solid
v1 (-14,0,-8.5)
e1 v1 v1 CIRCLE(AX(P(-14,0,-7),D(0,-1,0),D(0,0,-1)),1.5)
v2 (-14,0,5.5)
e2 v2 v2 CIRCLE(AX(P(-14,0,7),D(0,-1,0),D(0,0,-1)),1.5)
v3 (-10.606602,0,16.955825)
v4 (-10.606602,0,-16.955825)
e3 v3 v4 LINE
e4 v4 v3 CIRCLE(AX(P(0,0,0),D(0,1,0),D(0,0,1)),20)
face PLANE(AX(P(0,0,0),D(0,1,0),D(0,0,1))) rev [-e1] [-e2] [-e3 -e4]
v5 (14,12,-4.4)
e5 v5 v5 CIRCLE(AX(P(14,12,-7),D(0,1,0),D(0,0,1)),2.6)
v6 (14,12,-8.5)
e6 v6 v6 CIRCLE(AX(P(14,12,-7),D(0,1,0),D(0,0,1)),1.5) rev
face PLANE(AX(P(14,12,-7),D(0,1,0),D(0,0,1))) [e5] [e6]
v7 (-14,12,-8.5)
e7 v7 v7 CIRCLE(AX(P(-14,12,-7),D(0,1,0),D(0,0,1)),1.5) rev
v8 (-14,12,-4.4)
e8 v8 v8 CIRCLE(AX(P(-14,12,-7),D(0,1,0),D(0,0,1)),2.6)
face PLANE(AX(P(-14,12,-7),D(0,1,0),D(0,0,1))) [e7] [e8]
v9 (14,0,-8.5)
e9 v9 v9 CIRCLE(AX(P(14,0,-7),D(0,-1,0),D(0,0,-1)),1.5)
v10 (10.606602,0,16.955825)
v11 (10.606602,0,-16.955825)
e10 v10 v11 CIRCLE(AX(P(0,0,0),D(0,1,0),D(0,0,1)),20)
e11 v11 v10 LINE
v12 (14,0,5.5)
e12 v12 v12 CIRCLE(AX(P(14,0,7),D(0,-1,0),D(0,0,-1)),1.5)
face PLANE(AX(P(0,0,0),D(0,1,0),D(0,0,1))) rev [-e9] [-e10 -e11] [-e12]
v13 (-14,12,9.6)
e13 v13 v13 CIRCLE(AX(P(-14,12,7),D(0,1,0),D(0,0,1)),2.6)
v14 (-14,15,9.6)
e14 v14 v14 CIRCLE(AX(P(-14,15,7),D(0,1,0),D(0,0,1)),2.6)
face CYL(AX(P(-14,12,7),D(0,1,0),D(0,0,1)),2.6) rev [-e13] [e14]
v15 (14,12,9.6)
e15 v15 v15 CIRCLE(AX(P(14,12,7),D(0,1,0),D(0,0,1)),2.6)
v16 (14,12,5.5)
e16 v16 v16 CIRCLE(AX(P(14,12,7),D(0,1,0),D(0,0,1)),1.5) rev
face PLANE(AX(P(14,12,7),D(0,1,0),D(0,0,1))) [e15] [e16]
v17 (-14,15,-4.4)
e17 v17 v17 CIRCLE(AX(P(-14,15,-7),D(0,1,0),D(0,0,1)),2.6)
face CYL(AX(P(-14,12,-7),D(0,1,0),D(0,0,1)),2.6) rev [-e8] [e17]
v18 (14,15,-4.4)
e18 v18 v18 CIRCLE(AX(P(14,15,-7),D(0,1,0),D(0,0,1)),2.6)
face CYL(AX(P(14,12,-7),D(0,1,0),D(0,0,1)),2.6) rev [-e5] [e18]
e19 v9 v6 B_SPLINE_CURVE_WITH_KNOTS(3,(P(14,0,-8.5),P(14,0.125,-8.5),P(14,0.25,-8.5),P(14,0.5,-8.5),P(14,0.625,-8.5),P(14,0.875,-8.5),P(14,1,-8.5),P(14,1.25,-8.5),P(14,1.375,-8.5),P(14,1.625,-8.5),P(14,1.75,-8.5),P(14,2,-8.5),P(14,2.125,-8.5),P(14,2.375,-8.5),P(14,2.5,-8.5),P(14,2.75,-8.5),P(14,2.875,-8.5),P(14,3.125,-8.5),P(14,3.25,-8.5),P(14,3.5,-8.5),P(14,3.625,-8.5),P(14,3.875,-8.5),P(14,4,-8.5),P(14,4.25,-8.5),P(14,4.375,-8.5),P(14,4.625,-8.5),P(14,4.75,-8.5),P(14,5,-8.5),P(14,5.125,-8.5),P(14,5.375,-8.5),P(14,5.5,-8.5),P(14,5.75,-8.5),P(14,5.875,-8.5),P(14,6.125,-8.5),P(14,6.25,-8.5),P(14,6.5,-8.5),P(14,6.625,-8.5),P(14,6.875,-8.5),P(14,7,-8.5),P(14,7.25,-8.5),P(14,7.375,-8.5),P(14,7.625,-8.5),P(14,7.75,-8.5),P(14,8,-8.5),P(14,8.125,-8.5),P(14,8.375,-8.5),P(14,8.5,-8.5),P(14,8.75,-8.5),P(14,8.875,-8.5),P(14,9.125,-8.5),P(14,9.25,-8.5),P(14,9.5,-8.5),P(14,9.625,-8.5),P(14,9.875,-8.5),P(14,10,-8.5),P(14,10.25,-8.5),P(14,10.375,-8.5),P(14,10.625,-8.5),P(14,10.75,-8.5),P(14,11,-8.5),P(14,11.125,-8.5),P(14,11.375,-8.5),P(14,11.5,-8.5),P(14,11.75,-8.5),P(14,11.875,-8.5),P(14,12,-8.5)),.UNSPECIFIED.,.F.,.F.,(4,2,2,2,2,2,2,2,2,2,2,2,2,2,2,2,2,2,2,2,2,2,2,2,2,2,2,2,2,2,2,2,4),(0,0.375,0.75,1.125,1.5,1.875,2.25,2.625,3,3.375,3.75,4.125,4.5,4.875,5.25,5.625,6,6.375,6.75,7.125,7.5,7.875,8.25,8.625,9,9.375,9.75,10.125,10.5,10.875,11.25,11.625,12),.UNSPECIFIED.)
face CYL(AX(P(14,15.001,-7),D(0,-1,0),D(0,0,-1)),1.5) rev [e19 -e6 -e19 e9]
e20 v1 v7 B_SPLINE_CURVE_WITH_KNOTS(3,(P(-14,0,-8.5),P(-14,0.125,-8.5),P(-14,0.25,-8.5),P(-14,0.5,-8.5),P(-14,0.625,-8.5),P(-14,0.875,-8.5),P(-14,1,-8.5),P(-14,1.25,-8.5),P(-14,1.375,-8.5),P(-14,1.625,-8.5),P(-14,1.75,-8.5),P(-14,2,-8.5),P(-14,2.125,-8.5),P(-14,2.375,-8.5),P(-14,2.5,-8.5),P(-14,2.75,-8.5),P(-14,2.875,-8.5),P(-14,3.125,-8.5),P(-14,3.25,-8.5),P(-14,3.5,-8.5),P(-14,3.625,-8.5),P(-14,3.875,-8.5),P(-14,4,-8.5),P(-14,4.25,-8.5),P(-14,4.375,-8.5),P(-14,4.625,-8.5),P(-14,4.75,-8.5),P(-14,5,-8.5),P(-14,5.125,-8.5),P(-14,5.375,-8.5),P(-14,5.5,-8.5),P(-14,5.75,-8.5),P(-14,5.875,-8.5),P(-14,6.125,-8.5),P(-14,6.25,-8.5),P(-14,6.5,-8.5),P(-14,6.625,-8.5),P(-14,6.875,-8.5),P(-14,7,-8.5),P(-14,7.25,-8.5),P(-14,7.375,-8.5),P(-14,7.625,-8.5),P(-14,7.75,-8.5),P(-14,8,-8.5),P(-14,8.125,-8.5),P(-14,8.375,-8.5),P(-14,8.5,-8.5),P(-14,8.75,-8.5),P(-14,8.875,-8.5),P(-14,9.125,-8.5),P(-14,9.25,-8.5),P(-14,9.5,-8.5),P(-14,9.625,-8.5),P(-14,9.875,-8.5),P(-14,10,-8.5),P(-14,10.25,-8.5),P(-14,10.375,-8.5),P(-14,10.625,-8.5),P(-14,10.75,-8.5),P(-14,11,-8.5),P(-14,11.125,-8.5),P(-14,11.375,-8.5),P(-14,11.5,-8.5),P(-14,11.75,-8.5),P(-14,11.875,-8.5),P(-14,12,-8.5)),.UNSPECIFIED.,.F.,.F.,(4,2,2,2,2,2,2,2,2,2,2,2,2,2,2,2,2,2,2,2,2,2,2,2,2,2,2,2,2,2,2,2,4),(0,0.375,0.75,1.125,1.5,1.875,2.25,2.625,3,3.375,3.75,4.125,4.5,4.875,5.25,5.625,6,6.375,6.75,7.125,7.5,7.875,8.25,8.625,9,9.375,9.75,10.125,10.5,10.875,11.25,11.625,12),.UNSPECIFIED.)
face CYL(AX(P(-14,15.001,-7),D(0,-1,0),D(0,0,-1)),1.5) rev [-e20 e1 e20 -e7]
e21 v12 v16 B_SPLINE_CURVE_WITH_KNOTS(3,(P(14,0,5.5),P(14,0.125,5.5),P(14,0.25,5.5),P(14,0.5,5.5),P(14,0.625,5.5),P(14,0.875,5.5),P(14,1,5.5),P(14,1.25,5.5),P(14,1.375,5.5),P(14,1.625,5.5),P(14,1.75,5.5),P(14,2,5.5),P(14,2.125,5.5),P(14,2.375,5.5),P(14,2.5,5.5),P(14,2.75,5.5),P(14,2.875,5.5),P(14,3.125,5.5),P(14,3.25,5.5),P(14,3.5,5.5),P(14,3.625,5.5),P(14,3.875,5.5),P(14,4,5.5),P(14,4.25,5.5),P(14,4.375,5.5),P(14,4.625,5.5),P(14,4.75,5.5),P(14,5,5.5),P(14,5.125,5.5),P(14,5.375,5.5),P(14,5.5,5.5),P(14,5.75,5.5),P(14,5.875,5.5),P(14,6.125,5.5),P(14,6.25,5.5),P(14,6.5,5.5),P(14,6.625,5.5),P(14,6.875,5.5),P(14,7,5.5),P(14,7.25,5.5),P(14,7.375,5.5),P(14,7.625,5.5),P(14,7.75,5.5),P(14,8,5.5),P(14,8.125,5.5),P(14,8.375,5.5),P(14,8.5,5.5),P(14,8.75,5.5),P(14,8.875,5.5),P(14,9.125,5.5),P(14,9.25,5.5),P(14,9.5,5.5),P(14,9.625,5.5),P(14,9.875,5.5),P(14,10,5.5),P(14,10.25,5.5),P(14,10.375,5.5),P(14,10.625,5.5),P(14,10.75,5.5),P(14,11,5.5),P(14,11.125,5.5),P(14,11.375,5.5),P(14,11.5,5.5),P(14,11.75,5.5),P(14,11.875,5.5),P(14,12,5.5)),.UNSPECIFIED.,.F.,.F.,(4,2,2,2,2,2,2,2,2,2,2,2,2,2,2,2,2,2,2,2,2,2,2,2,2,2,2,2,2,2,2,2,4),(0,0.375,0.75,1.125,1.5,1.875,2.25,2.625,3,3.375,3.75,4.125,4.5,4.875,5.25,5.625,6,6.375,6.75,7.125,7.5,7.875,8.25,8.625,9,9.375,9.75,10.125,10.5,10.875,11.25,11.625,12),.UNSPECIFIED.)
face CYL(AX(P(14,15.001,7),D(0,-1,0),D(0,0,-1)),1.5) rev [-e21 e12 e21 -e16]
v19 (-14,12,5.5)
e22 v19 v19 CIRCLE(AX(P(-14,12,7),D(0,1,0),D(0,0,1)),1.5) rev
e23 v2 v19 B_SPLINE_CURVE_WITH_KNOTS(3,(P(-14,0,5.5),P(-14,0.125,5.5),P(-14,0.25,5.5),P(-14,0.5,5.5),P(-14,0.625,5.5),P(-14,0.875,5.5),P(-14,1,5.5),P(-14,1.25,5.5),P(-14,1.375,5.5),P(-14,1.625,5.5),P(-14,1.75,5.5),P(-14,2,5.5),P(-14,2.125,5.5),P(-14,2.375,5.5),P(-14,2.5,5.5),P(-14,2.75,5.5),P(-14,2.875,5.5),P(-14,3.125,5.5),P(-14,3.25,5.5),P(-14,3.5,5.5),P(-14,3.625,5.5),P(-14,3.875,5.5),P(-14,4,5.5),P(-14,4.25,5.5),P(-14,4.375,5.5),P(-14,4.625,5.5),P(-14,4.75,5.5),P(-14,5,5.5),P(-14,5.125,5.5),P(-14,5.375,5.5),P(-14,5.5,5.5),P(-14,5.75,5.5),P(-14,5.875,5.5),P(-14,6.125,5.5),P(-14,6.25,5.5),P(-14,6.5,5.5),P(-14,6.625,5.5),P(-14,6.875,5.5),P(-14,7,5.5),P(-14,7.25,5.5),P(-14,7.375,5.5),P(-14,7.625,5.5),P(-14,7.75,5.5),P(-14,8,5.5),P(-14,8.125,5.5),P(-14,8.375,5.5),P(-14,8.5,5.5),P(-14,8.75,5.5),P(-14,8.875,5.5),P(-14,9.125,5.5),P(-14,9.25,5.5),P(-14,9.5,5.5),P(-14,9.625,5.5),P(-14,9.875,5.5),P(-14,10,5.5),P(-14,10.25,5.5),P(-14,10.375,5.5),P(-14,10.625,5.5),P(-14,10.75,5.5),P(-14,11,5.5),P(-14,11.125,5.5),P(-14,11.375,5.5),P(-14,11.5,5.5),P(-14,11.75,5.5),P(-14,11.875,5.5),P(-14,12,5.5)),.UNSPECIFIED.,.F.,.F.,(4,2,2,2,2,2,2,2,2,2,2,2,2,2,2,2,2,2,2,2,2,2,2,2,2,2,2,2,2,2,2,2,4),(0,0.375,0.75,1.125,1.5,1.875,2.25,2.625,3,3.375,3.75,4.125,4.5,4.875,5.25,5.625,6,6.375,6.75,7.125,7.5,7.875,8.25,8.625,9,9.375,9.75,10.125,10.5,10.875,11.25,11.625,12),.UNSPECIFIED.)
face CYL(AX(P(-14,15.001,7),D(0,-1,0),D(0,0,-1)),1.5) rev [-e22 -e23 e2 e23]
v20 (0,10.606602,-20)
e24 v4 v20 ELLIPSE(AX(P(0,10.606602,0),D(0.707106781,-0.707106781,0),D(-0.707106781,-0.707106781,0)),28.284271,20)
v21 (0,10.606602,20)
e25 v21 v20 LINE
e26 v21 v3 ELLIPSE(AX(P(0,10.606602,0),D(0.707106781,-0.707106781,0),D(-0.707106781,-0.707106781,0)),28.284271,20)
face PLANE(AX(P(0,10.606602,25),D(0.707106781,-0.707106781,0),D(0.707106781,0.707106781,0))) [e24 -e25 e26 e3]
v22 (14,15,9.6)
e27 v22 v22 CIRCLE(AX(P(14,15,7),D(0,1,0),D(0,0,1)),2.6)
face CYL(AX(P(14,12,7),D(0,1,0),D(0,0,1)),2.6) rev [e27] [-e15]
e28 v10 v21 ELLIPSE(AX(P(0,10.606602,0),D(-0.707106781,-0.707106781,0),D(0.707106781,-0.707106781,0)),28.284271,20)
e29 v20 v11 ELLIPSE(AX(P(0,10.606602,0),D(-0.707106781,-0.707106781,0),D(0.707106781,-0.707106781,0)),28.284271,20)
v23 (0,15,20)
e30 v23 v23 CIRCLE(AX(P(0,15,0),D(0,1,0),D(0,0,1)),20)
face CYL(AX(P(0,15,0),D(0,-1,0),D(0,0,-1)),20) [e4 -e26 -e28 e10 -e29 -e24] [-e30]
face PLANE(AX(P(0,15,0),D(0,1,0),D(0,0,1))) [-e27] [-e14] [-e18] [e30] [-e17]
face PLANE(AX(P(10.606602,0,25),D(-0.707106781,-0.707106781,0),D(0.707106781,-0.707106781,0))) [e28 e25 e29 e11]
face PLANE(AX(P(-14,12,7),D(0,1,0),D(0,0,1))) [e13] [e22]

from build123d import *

# Parameters (mm, degrees)
SKETCH1_R               = 20
BOSS_EXTRUDE1_DEPTH     = 15
CUT_EXTRUDE1_DEPTH      = 25
CUT_EXTRUDE1_DEPTH_BACK = 25
CUT_EXTRUDE2_REACH      = 34.016
SKETCH3_R               = 1.5
SKETCH4_R               = 2.6
CUT_EXTRUDE3_DEPTH      = 3


with BuildPart() as part:
    # Sketch1 → Boss-Extrude1 (new body)
    with BuildSketch(Plane(origin=(0, 0, 0), x_dir=(1, 0, 0), z_dir=(0, 1, 0))):
        Circle(SKETCH1_R)
    extrude(amount=BOSS_EXTRUDE1_DEPTH)

    # Sketch2 → Cut-Extrude1 (cut, two sides: drawn at the far end of the back side and taken through both)
    with BuildSketch(Plane.XY.offset(-CUT_EXTRUDE1_DEPTH_BACK)):
        Polygon((-10.606601718, 0), (10.606601718, 0), (0, 10.606601718), align=None)
    extrude(amount=CUT_EXTRUDE1_DEPTH + CUT_EXTRUDE1_DEPTH_BACK, mode=Mode.SUBTRACT)

    # Sketch3 → Cut-Extrude2 (cut, up to next)
    with BuildSketch(Plane(origin=(0, 0, 0), x_dir=(-1, 0, 0), z_dir=(0, -1, 0)), mode=Mode.PRIVATE) as cut_extrude2_sk1:
        with Locations((14, -7)):
            Circle(SKETCH3_R)
    cut_extrude2_tool1 = extrude(cut_extrude2_sk1.sketch, amount=-CUT_EXTRUDE2_REACH, mode=Mode.PRIVATE) & part.part
    # Sketch3 → Cut-Extrude2 (cut, up to next)
    with BuildSketch(Plane(origin=(0, 0, 0), x_dir=(-1, 0, 0), z_dir=(0, -1, 0)), mode=Mode.PRIVATE) as cut_extrude2_sk2:
        with Locations((14, 7)):
            Circle(SKETCH3_R)
    cut_extrude2_tool2 = extrude(cut_extrude2_sk2.sketch, amount=-CUT_EXTRUDE2_REACH, mode=Mode.PRIVATE) & part.part
    # Sketch3 → Cut-Extrude2 (cut, up to next)
    with BuildSketch(Plane(origin=(0, 0, 0), x_dir=(-1, 0, 0), z_dir=(0, -1, 0)), mode=Mode.PRIVATE) as cut_extrude2_sk3:
        with Locations((-14, -7)):
            Circle(SKETCH3_R)
    cut_extrude2_tool3 = extrude(cut_extrude2_sk3.sketch, amount=-CUT_EXTRUDE2_REACH, mode=Mode.PRIVATE) & part.part
    # Sketch3 → Cut-Extrude2 (cut, up to next)
    with BuildSketch(Plane(origin=(0, 0, 0), x_dir=(-1, 0, 0), z_dir=(0, -1, 0)), mode=Mode.PRIVATE) as cut_extrude2_sk4:
        with Locations((-14, 7)):
            Circle(SKETCH3_R)
    cut_extrude2_tool4 = extrude(cut_extrude2_sk4.sketch, amount=-CUT_EXTRUDE2_REACH, mode=Mode.PRIVATE) & part.part
    add(cut_extrude2_tool1.solids().sort_by_distance((-14, 0, 7))[0], mode=Mode.SUBTRACT)
    add(cut_extrude2_tool2.solids().sort_by_distance((-14, 0, -7))[0], mode=Mode.SUBTRACT)
    add(cut_extrude2_tool3.solids().sort_by_distance((14, 0, 7))[0], mode=Mode.SUBTRACT)
    add(cut_extrude2_tool4.solids().sort_by_distance((14, 0, -7))[0], mode=Mode.SUBTRACT)

    # Sketch4 → Cut-Extrude3 (cut)
    with BuildSketch(Plane(origin=(0, 15, 0), x_dir=(1, 0, 0), z_dir=(0, 1, 0))):
        with Locations((-14, 7)):
            Circle(SKETCH4_R)
        with Locations((-14, -7)):
            Circle(SKETCH4_R)
        with Locations((14, 7)):
            Circle(SKETCH4_R)
        with Locations((14, -7)):
            Circle(SKETCH4_R)
    extrude(amount=-CUT_EXTRUDE3_DEPTH, mode=Mode.SUBTRACT)


solid = part.part
